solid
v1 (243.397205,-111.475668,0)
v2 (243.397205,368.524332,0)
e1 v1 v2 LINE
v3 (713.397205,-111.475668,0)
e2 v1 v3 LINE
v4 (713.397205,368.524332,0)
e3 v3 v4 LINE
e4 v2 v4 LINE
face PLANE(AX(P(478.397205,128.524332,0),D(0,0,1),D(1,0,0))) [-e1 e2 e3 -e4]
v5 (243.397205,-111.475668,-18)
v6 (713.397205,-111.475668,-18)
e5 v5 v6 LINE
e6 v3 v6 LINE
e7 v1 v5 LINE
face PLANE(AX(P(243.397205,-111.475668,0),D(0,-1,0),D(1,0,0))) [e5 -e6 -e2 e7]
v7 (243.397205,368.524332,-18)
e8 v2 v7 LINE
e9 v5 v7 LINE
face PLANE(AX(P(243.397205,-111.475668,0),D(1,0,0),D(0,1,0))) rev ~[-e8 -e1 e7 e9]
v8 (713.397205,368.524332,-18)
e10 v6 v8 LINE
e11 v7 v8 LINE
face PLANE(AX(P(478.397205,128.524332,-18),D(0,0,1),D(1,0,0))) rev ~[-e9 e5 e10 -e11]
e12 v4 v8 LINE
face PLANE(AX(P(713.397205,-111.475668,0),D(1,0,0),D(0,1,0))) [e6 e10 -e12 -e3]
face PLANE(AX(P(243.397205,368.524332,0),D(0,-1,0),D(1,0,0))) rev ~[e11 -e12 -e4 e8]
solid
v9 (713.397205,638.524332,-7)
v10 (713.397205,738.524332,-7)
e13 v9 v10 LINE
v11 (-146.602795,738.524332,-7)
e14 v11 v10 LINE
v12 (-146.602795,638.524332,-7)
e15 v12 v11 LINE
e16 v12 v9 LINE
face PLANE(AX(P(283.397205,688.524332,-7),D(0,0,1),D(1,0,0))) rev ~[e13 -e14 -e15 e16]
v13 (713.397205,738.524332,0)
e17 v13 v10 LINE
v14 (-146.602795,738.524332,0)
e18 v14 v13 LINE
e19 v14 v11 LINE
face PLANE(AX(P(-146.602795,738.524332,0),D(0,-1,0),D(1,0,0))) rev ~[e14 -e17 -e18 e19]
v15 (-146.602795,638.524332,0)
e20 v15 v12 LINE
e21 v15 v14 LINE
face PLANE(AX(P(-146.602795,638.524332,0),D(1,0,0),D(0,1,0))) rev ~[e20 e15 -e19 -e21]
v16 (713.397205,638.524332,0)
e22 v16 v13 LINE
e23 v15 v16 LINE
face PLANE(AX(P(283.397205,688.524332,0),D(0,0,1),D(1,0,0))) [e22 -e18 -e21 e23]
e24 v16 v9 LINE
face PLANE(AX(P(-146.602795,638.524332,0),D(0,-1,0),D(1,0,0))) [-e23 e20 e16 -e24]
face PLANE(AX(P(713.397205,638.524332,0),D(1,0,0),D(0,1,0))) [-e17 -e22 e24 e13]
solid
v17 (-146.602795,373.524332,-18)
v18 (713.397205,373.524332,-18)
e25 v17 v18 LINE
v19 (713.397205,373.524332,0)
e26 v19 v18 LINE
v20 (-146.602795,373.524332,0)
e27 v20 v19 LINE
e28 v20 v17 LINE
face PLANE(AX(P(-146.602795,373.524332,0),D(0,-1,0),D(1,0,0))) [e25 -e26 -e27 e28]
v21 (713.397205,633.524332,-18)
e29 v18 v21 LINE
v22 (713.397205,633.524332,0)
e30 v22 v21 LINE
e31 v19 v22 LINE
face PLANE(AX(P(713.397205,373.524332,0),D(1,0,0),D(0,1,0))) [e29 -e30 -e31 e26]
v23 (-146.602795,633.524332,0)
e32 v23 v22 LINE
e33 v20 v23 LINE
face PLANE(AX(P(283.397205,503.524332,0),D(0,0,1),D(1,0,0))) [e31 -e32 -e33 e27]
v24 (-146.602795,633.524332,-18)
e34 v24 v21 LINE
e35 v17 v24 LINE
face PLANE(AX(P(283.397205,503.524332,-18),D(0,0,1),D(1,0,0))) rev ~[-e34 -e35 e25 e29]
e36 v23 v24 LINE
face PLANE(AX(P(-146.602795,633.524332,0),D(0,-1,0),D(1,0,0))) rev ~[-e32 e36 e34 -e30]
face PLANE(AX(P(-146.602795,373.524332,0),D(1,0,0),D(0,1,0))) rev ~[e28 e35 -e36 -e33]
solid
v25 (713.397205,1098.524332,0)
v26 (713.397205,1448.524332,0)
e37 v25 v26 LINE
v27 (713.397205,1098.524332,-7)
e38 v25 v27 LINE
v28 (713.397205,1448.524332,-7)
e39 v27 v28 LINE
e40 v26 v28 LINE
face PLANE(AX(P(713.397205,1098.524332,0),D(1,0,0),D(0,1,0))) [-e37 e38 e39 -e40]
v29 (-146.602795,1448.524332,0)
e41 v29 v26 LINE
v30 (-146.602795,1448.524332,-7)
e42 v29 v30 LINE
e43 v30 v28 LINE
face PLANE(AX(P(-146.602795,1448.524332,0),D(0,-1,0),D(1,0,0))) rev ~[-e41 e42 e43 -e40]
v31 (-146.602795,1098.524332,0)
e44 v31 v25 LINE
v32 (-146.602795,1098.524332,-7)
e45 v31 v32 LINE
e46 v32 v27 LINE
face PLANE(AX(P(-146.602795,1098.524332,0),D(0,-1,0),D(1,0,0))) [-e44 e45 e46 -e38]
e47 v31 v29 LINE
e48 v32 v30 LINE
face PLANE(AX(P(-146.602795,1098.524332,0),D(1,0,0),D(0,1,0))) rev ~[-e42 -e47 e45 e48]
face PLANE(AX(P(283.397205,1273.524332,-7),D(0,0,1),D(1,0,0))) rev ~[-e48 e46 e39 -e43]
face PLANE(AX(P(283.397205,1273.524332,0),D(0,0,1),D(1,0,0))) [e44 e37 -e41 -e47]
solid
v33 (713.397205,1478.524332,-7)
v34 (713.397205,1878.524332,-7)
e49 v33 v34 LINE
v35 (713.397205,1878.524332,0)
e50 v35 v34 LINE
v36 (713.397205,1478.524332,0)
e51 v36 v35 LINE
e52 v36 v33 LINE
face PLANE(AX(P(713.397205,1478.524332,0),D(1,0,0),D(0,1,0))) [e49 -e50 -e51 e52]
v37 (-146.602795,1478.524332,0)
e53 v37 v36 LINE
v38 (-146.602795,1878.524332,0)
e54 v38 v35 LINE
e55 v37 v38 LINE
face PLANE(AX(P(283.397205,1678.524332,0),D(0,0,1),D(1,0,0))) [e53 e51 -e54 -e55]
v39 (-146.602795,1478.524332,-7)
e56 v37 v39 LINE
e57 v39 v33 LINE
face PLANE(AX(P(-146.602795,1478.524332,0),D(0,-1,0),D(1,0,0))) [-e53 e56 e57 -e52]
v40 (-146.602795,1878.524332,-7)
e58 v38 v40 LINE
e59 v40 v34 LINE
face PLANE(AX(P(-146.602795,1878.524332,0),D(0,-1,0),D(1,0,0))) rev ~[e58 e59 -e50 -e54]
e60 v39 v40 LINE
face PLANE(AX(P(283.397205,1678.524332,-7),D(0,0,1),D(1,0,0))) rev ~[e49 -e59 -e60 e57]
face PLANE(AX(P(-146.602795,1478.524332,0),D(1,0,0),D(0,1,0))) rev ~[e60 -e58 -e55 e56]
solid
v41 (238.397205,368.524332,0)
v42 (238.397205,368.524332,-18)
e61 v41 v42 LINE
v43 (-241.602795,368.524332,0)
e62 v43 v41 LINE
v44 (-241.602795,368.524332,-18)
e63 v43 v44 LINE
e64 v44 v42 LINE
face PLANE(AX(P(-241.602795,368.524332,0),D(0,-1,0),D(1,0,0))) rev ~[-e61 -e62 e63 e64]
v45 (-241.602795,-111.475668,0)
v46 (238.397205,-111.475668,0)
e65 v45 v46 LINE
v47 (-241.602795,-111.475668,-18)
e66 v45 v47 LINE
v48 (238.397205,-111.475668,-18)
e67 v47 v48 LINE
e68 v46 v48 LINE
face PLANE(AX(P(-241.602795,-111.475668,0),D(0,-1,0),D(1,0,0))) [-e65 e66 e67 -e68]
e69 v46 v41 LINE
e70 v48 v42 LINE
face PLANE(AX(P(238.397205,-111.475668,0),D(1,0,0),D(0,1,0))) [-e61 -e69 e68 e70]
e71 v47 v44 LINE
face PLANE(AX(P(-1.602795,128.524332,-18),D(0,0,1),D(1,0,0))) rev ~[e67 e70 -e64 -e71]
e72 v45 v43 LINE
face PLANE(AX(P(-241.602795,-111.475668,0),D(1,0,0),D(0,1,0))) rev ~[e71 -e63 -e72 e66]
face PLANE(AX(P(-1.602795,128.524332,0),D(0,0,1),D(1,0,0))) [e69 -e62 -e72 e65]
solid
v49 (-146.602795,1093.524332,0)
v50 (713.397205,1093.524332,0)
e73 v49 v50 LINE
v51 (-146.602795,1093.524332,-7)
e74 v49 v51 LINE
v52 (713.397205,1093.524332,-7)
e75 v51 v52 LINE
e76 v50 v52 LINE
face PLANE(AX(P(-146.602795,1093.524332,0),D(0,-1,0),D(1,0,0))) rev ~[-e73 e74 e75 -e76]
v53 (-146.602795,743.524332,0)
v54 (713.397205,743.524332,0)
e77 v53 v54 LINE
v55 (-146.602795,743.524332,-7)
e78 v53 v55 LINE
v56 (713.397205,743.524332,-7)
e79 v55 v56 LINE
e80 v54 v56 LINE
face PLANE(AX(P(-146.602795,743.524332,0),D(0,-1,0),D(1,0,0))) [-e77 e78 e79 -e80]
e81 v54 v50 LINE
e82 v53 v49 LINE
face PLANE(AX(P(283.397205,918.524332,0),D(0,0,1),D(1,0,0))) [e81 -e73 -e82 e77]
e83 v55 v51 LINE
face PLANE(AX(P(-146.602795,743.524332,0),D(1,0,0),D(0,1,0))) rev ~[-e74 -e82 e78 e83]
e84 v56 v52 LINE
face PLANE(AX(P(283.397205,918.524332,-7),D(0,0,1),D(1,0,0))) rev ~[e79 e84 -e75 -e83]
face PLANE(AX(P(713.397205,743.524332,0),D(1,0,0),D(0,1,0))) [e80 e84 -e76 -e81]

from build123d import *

# Parameters (mm, degrees)
F0_W     = 480
F0_H     = 480
F0_W_2   = 470
F0_W_3   = 860
F0_H_2   = 260
F1_DEPTH = 18
F0_H_3   = 100
F0_H_4   = 350
F0_H_5   = 400
F2_DEPTH = 7


with BuildPart() as f1:
    # F0 (on Top) → F1 (new body)
    with BuildSketch(Plane.XY):
        with Locations((-1.602795, 128.524332)):
            Rectangle(F0_W, F0_H)
        with Locations((478.397205, 128.524332)):
            Rectangle(F0_W_2, F0_H)
        with Locations((283.397205, 503.524332)):
            Rectangle(F0_W_3, F0_H_2)
    extrude(amount=-F1_DEPTH)


with BuildPart() as f2:
    # F0 (on Top) → F2 (new body)
    with BuildSketch(Plane.XY):
        with Locations((283.397205, 688.524332)):
            Rectangle(F0_W_3, F0_H_3)
        with Locations((283.397205, 918.524332)):
            Rectangle(F0_W_3, F0_H_4)
        with Locations((283.397205, 1273.524332)):
            Rectangle(F0_W_3, F0_H_4)
        with Locations((283.397205, 1678.524332)):
            Rectangle(F0_W_3, F0_H_5)
    extrude(amount=-F2_DEPTH)


solid = Compound([f1.part, f2.part])
